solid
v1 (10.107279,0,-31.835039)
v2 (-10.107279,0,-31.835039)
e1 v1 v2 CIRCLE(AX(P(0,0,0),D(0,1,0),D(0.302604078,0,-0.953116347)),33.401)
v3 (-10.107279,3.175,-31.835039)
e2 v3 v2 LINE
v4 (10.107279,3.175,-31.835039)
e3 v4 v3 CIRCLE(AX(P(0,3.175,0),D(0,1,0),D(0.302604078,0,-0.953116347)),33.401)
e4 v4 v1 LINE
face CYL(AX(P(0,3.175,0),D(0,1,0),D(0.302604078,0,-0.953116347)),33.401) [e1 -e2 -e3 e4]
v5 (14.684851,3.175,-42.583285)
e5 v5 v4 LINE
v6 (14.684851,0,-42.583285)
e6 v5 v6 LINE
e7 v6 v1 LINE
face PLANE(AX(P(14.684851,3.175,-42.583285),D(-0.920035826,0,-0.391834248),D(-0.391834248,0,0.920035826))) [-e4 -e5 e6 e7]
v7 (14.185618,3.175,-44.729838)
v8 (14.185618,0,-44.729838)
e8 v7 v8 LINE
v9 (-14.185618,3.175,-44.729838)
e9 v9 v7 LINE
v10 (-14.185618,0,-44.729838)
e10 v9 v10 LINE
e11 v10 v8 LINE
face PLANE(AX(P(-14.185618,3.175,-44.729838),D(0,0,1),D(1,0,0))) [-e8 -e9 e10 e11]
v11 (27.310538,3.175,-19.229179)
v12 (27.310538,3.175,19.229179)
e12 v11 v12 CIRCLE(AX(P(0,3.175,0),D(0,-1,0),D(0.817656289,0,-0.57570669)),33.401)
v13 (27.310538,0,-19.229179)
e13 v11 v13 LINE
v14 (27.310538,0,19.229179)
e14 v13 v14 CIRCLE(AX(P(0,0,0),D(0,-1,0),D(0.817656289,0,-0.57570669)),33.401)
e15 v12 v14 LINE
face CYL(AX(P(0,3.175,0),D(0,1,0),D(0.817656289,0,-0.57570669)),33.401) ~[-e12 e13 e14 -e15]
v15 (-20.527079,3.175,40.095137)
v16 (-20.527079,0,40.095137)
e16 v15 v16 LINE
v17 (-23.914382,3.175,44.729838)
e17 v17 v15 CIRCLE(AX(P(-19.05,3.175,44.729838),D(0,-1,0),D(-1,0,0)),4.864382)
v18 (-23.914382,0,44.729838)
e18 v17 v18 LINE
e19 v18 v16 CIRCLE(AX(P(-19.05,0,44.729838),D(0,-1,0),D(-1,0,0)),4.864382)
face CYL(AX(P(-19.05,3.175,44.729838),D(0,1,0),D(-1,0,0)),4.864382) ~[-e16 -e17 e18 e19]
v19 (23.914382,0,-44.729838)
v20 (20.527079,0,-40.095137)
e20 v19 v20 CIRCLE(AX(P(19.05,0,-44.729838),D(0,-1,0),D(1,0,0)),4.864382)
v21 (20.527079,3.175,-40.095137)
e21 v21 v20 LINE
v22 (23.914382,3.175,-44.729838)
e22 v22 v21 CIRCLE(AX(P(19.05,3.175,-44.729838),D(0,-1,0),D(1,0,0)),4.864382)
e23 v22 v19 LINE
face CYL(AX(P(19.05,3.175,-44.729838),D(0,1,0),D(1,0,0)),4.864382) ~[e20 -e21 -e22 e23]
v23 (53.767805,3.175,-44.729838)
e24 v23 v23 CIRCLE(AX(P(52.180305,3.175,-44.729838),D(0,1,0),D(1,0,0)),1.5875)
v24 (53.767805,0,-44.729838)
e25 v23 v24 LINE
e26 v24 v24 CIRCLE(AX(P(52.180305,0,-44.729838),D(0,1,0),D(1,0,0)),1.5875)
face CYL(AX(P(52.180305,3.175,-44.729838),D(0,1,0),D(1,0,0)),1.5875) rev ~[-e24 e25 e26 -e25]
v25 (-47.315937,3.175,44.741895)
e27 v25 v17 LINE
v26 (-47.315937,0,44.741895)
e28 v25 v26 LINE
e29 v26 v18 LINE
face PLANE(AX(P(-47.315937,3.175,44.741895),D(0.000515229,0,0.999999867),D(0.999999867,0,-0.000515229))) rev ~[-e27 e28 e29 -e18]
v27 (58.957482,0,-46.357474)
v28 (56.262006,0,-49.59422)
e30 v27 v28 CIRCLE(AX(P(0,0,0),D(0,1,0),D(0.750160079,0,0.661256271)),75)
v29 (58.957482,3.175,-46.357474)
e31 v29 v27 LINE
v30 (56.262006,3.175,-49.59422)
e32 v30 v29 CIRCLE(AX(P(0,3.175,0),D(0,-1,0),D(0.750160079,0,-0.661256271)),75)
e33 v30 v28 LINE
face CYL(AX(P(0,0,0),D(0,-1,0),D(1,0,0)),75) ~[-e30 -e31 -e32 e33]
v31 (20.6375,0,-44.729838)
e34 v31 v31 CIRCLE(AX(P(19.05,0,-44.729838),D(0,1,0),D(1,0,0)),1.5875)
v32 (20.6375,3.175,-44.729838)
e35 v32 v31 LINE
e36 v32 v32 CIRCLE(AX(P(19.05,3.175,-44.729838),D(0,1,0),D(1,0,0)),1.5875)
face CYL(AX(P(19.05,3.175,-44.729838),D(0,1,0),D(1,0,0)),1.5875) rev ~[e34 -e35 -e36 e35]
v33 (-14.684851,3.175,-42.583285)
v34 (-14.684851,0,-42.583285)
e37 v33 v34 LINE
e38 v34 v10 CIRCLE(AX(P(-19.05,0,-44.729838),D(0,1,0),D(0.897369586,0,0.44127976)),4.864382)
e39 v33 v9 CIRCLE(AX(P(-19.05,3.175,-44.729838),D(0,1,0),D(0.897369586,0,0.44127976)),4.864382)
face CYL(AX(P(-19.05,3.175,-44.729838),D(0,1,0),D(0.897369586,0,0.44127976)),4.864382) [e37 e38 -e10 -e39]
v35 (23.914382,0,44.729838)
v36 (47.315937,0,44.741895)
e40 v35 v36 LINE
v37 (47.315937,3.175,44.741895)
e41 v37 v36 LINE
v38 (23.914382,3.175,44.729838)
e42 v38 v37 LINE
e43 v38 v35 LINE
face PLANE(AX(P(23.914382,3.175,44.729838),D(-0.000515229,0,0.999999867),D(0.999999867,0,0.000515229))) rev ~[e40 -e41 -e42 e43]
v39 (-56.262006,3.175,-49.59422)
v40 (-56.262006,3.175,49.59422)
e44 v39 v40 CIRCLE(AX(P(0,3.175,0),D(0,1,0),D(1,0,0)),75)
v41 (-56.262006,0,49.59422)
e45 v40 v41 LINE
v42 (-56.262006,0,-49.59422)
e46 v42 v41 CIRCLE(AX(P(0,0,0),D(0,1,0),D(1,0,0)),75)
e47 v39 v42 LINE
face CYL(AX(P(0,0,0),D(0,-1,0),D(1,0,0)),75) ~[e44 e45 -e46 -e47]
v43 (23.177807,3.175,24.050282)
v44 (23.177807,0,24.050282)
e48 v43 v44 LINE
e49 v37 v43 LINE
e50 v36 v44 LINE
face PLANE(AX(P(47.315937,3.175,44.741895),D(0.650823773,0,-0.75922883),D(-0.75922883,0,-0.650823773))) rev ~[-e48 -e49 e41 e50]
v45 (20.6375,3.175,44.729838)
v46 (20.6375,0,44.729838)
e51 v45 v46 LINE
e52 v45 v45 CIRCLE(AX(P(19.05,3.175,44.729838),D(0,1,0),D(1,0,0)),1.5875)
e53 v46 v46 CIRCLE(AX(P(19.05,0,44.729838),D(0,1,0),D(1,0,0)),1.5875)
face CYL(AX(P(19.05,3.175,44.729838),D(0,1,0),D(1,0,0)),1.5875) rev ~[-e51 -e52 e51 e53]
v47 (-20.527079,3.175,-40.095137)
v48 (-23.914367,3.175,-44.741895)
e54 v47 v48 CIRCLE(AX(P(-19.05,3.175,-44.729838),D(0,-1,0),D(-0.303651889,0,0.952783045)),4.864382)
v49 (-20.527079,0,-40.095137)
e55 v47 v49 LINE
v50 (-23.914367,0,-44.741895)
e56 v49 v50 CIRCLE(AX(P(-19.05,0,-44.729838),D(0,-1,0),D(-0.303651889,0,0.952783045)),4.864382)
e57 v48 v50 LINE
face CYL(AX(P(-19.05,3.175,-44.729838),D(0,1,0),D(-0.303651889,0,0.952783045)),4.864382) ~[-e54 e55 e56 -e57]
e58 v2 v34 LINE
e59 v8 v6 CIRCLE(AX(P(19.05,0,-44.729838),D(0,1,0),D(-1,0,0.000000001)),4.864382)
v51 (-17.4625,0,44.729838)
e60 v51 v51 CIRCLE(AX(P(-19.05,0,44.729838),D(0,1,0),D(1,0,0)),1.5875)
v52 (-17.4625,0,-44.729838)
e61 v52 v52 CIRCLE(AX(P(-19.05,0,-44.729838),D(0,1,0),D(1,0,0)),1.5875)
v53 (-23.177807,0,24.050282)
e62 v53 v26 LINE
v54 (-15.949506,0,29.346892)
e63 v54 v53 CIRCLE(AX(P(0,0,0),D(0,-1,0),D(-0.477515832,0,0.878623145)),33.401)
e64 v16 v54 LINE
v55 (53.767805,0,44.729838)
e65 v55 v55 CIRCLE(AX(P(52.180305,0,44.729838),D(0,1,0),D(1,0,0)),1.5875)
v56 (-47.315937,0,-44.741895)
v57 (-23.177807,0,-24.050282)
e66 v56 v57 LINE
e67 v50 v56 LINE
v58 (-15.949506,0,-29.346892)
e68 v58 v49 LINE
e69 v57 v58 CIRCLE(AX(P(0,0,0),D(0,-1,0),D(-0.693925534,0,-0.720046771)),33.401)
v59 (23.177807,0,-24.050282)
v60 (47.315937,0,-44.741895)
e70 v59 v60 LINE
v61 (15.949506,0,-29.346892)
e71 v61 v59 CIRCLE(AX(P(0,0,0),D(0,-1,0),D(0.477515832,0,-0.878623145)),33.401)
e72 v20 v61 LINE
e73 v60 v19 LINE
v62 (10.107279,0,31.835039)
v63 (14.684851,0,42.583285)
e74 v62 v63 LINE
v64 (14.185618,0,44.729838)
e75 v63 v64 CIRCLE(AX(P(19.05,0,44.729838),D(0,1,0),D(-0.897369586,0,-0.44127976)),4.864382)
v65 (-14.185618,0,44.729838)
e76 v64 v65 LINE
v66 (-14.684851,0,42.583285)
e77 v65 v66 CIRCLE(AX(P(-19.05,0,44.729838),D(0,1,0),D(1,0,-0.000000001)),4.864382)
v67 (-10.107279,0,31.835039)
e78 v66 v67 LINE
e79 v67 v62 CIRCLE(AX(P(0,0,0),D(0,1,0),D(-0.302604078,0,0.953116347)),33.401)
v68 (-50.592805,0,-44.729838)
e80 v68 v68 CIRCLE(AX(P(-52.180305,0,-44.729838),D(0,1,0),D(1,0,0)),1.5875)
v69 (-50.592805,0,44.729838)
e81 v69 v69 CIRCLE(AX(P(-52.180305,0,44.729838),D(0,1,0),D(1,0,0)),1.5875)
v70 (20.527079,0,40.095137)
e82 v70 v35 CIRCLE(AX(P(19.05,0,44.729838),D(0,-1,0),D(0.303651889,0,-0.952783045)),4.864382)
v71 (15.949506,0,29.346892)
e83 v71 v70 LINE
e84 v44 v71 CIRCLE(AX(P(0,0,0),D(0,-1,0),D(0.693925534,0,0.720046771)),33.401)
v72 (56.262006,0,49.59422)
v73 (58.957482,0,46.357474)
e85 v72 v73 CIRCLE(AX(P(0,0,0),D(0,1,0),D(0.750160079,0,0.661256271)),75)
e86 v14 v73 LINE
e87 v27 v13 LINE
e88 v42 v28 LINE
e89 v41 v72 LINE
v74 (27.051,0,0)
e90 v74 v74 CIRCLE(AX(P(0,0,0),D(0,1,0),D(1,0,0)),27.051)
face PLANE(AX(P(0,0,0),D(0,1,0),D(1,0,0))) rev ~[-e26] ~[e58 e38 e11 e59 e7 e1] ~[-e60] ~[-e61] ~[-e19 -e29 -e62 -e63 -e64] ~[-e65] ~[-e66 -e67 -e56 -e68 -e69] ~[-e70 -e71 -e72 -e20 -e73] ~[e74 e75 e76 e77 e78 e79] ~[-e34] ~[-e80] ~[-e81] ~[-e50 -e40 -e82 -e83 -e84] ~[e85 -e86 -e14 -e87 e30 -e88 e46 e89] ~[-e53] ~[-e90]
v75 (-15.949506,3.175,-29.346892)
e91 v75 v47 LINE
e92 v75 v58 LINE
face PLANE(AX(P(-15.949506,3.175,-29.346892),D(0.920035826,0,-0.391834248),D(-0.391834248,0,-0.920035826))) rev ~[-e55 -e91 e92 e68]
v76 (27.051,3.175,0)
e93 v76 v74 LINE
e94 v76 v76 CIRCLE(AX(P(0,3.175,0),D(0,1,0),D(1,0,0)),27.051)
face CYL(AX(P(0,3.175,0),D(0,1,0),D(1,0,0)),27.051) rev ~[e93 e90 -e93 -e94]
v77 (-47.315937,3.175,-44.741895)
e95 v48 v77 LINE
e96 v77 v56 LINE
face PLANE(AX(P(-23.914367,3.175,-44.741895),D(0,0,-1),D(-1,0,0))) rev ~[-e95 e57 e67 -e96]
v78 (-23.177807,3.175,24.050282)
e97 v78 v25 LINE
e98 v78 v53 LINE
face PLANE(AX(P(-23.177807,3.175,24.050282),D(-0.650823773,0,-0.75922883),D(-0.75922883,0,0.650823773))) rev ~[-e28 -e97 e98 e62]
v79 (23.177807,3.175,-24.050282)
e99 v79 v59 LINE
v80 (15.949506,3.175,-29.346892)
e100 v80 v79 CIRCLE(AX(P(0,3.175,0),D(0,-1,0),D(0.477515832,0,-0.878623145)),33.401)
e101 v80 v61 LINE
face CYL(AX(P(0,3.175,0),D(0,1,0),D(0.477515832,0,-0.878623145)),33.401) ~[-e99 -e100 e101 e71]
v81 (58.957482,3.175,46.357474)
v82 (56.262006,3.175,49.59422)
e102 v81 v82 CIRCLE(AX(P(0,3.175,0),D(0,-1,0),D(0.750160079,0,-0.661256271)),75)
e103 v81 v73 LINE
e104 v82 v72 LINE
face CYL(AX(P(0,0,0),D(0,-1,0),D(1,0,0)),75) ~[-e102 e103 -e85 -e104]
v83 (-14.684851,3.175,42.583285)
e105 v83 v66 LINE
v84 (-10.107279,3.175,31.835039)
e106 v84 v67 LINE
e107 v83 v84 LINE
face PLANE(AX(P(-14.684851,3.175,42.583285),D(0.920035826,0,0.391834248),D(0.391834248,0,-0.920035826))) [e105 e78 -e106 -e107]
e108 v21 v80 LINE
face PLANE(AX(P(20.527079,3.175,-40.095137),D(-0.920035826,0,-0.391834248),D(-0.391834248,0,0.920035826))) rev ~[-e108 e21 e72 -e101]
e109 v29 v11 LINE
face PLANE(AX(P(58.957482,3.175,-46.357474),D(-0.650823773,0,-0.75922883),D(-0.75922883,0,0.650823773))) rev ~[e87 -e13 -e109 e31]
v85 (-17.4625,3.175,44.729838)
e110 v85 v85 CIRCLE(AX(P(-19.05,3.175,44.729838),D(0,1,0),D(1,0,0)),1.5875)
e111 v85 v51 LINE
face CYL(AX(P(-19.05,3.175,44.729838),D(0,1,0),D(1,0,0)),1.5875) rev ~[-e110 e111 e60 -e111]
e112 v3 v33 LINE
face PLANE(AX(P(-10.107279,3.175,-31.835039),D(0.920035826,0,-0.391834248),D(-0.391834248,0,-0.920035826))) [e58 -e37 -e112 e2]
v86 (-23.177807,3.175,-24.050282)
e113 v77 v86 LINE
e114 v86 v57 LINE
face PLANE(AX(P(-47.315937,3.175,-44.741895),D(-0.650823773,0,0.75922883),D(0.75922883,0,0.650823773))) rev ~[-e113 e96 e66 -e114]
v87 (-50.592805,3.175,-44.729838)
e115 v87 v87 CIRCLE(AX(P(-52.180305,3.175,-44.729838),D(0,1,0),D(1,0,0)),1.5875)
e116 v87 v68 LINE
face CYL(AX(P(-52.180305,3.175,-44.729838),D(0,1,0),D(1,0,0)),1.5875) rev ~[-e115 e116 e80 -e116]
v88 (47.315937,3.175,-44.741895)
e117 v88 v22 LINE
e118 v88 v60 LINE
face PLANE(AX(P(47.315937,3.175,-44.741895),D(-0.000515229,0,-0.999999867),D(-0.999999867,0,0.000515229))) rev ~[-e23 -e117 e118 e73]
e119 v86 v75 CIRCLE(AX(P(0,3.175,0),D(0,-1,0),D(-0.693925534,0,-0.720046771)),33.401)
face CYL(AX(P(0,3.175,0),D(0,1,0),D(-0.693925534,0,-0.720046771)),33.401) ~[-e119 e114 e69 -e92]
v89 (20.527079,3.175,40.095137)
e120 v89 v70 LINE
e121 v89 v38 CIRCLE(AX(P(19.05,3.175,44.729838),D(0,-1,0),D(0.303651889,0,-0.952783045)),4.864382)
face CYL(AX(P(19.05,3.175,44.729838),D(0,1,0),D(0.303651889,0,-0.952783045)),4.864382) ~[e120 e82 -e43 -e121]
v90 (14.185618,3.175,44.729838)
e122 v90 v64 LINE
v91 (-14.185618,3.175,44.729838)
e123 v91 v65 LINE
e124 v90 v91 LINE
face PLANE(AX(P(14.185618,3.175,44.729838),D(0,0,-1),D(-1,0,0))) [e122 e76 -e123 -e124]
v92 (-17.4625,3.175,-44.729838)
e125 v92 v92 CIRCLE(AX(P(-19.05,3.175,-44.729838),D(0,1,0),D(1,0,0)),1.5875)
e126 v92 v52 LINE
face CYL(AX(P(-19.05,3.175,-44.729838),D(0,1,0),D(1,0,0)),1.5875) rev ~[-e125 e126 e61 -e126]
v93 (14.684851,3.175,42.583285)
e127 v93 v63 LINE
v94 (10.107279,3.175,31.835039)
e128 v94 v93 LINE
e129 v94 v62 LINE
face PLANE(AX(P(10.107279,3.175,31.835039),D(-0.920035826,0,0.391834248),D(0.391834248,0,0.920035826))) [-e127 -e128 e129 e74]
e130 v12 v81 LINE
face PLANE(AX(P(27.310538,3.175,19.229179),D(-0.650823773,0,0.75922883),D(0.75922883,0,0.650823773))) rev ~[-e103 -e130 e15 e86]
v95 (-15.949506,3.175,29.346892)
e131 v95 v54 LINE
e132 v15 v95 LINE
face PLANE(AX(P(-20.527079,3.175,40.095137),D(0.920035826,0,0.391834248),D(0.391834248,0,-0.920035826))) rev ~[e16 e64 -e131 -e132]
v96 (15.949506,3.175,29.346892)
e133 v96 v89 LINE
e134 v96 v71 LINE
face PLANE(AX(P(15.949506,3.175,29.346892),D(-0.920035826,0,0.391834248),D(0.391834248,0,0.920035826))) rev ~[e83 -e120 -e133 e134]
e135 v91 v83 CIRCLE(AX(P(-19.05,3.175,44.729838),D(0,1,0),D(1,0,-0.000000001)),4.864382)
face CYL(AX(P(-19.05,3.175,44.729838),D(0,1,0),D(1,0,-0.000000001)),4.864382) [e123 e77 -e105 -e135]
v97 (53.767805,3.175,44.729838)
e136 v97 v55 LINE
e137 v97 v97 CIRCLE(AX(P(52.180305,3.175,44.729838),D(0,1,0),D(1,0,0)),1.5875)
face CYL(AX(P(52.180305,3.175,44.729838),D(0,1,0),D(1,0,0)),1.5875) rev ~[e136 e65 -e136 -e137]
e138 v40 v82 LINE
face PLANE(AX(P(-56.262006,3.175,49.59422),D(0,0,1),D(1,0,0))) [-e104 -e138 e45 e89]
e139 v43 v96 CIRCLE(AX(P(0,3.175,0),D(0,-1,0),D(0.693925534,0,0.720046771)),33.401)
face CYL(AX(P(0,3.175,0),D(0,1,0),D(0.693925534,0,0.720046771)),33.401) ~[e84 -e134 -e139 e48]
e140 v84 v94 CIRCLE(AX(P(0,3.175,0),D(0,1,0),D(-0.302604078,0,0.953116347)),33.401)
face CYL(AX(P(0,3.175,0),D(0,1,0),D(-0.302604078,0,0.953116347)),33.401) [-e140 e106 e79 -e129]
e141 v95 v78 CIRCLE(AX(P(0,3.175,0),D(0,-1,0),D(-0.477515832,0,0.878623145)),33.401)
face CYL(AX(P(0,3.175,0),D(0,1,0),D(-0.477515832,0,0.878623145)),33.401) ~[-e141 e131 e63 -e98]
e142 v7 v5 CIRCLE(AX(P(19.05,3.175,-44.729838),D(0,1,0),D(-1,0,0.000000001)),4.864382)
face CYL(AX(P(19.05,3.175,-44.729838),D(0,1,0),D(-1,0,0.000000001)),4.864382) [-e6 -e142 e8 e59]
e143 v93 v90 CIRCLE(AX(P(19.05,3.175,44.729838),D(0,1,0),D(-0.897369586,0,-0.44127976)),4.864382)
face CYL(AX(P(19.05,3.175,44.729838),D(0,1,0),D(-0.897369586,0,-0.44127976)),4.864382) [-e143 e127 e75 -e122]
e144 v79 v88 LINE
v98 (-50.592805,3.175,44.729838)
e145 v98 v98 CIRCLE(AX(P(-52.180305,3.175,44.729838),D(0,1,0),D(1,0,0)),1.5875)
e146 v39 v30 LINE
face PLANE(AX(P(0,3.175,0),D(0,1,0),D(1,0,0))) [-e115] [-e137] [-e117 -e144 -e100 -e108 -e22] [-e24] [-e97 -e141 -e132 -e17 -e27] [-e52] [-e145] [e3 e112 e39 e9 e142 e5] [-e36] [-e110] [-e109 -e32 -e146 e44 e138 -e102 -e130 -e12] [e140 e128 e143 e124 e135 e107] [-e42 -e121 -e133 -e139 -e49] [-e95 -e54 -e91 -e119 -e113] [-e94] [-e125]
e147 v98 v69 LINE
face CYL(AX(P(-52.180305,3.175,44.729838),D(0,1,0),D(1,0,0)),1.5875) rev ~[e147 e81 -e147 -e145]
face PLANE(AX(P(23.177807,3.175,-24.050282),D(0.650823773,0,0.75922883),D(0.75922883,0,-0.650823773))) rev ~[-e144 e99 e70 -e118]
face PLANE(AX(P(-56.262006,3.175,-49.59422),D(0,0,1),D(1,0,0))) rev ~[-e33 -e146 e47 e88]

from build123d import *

# Parameters (mm, degrees)
SKETCH1_R           = 75
BOSS_EXTRUDE1_DEPTH = 3.175
CUT_EXTRUDE1_DEPTH  = 3.175
SKETCH3_R           = 1.5875
CUT_EXTRUDE2_DEPTH  = 3.175
SKETCH4_R           = 27.051
CUT_EXTRUDE3_DEPTH  = 3.175
CUT_EXTRUDE4_DEPTH  = 3.175


with BuildPart() as part:
    # Sketch1 → Boss-Extrude1 (new body)
    with BuildSketch(Plane(origin=(0, 0, 0), x_dir=(1, 0, 0), z_dir=(0, 1, 0))):
        Circle(SKETCH1_R)
    extrude(amount=BOSS_EXTRUDE1_DEPTH)

    # Sketch2 → Cut-Extrude1 (cut)
    with BuildSketch(Plane(origin=(0, 3.175, 0), x_dir=(1, 0, 0), z_dir=(0, 1, 0))):
        with BuildLine():
            Line((-56.262005909, -49.594220339), (56.262005909, -49.594220339))
            ThreePointArc((56.262005909, -49.594220339), (0, -75), (-56.262005909, -49.594220339))
        make_face()
        with BuildLine():
            Line((-56.262005909, 49.594220339), (56.262005909, 49.594220339))
            ThreePointArc((56.262005909, 49.594220339), (0, 75), (-56.262005909, 49.594220339))
        make_face()
    extrude(amount=-CUT_EXTRUDE1_DEPTH, mode=Mode.SUBTRACT)

    # Sketch3 → Cut-Extrude2 (cut)
    with BuildSketch(Plane(origin=(0, 3.175, 0), x_dir=(1, 0, 0), z_dir=(0, 1, 0))):
        with Locations((-52.180304588, 44.729838125)):
            Circle(SKETCH3_R)
        with Locations((-19.05, 44.729838125)):
            Circle(SKETCH3_R)
        with Locations((19.05, 44.729838125)):
            Circle(SKETCH3_R)
        with Locations((52.180304588, 44.729838125)):
            Circle(SKETCH3_R)
        with Locations((52.180304588, -44.729838125)):
            Circle(SKETCH3_R)
        with Locations((19.05, -44.729838125)):
            Circle(SKETCH3_R)
        with Locations((-19.05, -44.729838125)):
            Circle(SKETCH3_R)
        with Locations((-52.180304588, -44.729838125)):
            Circle(SKETCH3_R)
    extrude(amount=-CUT_EXTRUDE2_DEPTH, mode=Mode.SUBTRACT)

    # Sketch4 → Cut-Extrude3 (cut)
    with BuildSketch(Plane(origin=(0, 3.175, 0), x_dir=(1, 0, 0), z_dir=(0, 1, 0))):
        with BuildLine():
            Line((-47.315937317, 44.741895283), (-23.177806764, 24.050282215))
            ThreePointArc((-23.177806764, 24.050282215), (-19.742091457, 26.942097653), (-15.949506316, 29.346891646))
            Line((-15.949506316, 29.346891646), (-20.527078848, 40.095137229))
            ThreePointArc((-20.527078848, 40.095137229), (-22.980849122, 41.864416778), (-23.914367271, 44.741895283))
            Line((-23.914367271, 44.741895283), (-47.315937317, 44.741895283))
        make_face()
        with BuildLine():
            ThreePointArc((10.107278818, 31.835039122), (0, 33.401), (-10.107278818, 31.835039122))
            Line((-10.107278818, 31.835039122), (-14.68485135, 42.583284705))
            ThreePointArc((-14.68485135, 42.583284705), (-14.312069768, 43.627916425), (-14.185617786, 44.729838125))
            Line((-14.185617786, 44.729838125), (14.185617786, 44.729838125))
            ThreePointArc((14.185617786, 44.729838125), (14.312069768, 43.627916425), (14.68485135, 42.583284705))
            Line((14.68485135, 42.583284705), (10.107278818, 31.835039122))
        make_face()
        with BuildLine():
            ThreePointArc((15.949506316, 29.346891646), (19.742091457, 26.942097653), (23.177806764, 24.050282215))
            Line((23.177806764, 24.050282215), (47.315937317, 44.741895283))
            Line((47.315937317, 44.741895283), (23.914382214, 44.729838125))
            ThreePointArc((23.914382214, 44.729838125), (22.977294896, 41.859547352), (20.527078848, 40.095137229))
            Line((20.527078848, 40.095137229), (15.949506316, 29.346891646))
        make_face()
        Circle(SKETCH4_R)
        with BuildLine():
            Line((-23.177806764, -24.050282215), (-47.315937317, -44.741895283))
            Line((-47.315937317, -44.741895283), (-23.914382214, -44.729838125))
            ThreePointArc((-23.914382214, -44.729838125), (-22.977294896, -41.859547352), (-20.527078848, -40.095137229))
            Line((-20.527078848, -40.095137229), (-15.949506316, -29.346891646))
            ThreePointArc((-15.949506316, -29.346891646), (-19.742091457, -26.942097653), (-23.177806764, -24.050282215))
        make_face()
        with BuildLine():
            ThreePointArc((-10.107278818, -31.835039122), (0, -33.401), (10.107278818, -31.835039122))
            Line((10.107278818, -31.835039122), (14.68485135, -42.583284705))
            ThreePointArc((14.68485135, -42.583284705), (14.312069768, -43.627916425), (14.185617786, -44.729838125))
            Line((14.185617786, -44.729838125), (-14.185617786, -44.729838125))
            ThreePointArc((-14.185617786, -44.729838125), (-14.312069768, -43.627916425), (-14.68485135, -42.583284705))
            Line((-14.68485135, -42.583284705), (-10.107278818, -31.835039122))
        make_face()
        with BuildLine():
            ThreePointArc((23.177806764, -24.050282215), (19.742091457, -26.942097653), (15.949506316, -29.346891646))
            Line((15.949506316, -29.346891646), (20.527078848, -40.095137229))
            ThreePointArc((20.527078848, -40.095137229), (22.977294896, -41.859547352), (23.914382214, -44.729838125))
            Line((23.914382214, -44.729838125), (47.315937317, -44.741895283))
            Line((47.315937317, -44.741895283), (23.177806764, -24.050282215))
        make_face()
    extrude(amount=-CUT_EXTRUDE3_DEPTH, mode=Mode.SUBTRACT)

    # Sketch5 → Cut-Extrude4 (cut)
    with BuildSketch(Plane(origin=(0, 3.175, 0), x_dir=(1, 0, 0), z_dir=(0, 1, 0))):
        with BuildLine():
            Line((58.957481542, 46.357473725), (27.31053772, 19.229179141))
            ThreePointArc((27.31053772, 19.229179141), (33.401, 0), (27.31053772, -19.229179141))
            Line((27.31053772, -19.229179141), (58.957481542, -46.357473725))
            ThreePointArc((58.957481542, -46.357473725), (75, 0), (58.957481542, 46.357473725))
        make_face()
    extrude(amount=-CUT_EXTRUDE4_DEPTH, mode=Mode.SUBTRACT)


solid = part.part
